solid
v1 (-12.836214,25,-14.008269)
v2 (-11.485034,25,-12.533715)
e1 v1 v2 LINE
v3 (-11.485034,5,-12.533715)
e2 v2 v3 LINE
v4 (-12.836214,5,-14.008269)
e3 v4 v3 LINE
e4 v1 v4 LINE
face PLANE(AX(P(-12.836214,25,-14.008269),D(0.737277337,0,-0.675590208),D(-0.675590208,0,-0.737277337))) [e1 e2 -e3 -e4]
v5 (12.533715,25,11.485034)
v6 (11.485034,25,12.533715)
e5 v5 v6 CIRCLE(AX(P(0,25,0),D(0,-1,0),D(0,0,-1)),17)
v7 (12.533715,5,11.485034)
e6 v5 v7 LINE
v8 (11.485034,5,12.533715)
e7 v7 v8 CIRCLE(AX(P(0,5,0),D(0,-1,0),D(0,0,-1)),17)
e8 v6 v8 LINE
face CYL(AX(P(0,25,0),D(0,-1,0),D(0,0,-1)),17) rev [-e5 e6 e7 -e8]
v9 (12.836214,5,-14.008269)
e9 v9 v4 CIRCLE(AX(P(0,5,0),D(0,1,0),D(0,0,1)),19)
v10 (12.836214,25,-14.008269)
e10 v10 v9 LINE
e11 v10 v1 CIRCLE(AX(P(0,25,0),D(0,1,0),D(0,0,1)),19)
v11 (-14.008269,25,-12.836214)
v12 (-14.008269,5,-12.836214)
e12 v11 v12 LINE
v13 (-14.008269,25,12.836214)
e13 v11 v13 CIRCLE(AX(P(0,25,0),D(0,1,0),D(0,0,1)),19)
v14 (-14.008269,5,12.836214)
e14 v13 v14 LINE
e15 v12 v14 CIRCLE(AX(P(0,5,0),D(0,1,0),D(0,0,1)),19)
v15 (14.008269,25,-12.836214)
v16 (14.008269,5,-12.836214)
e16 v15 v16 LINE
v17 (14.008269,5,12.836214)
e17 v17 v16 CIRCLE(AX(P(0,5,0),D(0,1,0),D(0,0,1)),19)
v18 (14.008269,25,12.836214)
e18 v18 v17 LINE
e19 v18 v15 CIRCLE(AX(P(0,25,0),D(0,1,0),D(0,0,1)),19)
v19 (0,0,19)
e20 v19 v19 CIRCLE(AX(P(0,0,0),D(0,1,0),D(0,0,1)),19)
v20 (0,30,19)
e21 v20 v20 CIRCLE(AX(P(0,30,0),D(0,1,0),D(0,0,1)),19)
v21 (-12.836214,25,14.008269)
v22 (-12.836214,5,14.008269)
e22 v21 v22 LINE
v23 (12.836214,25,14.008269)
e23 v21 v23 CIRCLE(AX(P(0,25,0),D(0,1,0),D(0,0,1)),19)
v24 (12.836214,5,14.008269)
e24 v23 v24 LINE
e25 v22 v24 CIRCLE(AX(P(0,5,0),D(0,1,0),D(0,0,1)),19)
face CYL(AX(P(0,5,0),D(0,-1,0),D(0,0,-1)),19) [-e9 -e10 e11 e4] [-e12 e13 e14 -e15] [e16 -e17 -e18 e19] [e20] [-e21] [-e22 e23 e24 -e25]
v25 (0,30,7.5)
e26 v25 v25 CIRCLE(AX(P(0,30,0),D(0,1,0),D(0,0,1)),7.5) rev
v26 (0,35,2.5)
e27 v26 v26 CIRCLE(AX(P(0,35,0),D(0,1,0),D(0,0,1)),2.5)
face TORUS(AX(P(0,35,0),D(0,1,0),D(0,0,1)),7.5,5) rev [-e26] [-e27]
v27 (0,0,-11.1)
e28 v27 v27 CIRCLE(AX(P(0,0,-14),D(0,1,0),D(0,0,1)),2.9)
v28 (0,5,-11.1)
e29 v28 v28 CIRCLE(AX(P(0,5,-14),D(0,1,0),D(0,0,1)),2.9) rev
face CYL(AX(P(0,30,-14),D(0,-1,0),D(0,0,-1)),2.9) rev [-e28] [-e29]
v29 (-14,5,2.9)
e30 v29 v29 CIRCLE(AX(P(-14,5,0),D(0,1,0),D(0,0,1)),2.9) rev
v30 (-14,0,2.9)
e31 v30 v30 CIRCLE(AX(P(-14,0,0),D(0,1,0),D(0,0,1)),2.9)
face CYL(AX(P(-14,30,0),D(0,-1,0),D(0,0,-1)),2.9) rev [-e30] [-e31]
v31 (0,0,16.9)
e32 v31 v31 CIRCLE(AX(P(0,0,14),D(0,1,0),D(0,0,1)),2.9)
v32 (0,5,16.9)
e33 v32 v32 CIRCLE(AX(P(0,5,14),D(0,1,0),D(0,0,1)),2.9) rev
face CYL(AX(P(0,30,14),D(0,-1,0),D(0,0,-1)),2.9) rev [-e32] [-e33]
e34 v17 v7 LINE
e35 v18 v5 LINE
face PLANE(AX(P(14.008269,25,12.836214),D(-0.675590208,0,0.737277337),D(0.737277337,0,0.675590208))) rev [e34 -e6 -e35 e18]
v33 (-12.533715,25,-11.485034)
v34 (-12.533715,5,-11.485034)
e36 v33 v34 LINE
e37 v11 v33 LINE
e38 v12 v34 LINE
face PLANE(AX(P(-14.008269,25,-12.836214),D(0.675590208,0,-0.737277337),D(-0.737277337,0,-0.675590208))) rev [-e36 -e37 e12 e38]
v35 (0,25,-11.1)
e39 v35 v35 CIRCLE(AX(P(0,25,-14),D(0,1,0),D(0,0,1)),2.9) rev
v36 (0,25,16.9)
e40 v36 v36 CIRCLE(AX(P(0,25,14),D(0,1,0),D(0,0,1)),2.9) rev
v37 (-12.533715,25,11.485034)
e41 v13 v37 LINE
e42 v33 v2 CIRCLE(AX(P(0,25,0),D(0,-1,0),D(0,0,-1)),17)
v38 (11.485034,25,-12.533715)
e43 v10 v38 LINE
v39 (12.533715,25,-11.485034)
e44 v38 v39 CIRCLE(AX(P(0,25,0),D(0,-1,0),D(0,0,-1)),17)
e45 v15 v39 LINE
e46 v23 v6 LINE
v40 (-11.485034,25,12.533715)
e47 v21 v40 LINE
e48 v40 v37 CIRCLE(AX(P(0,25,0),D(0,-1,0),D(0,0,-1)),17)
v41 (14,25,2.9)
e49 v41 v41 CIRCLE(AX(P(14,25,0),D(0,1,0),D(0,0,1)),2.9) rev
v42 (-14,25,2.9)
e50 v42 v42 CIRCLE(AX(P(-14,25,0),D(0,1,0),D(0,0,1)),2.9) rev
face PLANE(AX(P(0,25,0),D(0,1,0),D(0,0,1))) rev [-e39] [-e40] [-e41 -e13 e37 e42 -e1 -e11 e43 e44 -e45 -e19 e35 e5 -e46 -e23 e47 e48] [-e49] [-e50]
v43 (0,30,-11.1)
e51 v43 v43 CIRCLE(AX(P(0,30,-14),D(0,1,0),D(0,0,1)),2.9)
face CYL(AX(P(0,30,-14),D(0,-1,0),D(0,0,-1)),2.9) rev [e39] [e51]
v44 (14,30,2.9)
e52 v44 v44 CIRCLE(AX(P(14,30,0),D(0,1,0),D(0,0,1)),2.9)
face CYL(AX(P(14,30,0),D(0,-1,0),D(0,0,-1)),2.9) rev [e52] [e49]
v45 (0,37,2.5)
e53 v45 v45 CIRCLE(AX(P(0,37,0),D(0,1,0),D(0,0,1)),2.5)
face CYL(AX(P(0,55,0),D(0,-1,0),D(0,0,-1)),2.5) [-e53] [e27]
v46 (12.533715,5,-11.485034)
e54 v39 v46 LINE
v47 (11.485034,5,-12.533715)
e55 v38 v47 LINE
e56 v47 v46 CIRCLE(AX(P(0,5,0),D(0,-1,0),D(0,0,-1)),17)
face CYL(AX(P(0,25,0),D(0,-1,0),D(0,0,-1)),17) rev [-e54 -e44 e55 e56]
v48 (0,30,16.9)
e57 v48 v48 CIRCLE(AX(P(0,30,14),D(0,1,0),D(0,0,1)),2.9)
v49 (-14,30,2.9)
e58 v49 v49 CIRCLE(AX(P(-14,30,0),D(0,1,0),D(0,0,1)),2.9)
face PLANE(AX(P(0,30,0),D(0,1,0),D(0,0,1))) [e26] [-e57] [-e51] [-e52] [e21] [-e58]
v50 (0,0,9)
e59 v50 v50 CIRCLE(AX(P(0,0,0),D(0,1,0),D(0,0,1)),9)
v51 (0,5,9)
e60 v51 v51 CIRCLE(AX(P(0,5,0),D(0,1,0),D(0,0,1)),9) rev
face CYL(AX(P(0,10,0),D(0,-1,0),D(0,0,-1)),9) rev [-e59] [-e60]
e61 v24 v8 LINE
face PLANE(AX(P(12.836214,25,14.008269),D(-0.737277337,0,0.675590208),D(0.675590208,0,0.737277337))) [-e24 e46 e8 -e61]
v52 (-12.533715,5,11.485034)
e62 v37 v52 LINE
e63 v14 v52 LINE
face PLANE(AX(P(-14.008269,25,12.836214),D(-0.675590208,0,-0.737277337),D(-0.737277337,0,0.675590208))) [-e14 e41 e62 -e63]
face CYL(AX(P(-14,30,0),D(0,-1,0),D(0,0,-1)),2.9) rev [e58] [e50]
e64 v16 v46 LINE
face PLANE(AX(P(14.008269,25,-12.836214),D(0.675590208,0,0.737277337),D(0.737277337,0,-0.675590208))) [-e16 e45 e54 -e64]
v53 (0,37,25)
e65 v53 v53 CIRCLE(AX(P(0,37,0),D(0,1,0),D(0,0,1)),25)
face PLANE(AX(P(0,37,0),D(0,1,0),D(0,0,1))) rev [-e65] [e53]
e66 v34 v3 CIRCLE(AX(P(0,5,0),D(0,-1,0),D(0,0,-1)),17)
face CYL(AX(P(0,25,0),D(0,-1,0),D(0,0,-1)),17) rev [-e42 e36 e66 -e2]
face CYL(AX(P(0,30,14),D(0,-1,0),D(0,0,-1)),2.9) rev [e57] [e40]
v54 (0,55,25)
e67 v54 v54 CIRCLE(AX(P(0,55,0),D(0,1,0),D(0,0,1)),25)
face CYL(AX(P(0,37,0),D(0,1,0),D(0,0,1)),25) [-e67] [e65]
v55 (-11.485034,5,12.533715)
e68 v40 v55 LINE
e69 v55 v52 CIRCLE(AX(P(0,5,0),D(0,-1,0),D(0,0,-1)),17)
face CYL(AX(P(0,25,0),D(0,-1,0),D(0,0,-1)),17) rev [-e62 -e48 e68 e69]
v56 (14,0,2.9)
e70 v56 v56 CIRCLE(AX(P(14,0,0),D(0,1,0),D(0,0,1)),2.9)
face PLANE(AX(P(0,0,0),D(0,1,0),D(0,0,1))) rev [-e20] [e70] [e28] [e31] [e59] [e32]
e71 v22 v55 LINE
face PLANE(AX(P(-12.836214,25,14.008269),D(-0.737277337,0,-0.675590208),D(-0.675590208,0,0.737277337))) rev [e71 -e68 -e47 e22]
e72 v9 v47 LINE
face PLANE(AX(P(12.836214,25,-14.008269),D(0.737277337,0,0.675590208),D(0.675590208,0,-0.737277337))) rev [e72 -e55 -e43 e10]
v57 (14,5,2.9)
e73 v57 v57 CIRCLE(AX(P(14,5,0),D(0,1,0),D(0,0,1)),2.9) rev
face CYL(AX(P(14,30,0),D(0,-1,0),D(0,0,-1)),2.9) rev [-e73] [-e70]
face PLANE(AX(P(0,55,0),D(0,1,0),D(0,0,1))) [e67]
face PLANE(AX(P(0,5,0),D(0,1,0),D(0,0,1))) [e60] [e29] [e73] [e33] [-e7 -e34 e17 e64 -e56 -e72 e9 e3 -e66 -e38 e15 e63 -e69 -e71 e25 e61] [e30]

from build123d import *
from build123d.topology import SkipClean

# Parameters (mm, degrees)
SKETCH1_R               = 19
BOSS_EXTRUDE1_DEPTH     = 5
BOSS_EXTRUDE4_DEPTH     = 20
SKETCH5_R               = 19
BOSS_EXTRUDE5_DEPTH     = 5
CUT_EXTRUDE1_DEPTH      = 37.701498607
CUT_EXTRUDE1_DEPTH_BACK = 5
SKETCH2_7_R             = 2.9
SKETCH1_3_R             = 9
CUT_EXTRUDE2_DEPTH      = 10
SKETCH6_R               = 2.5
BOSS_EXTRUDE7_DEPTH     = 25
FILLET1_R               = 5
SKETCH8_R               = 25
BOSS_EXTRUDE8_DEPTH     = 18


with BuildPart() as part:
    # Sketch1 → Boss-Extrude1 (new body)
    with BuildSketch(Plane(origin=(0, 0, 0), x_dir=(1, 0, 0), z_dir=(0, 1, 0))):
        Circle(SKETCH1_R)
    extrude(amount=BOSS_EXTRUDE1_DEPTH)

    # Sketch2 → Boss-Extrude4 (add)
    with SkipClean():  # the faces are left unmerged after this step: merging them gives an invalid solid
        with BuildSketch(Plane(origin=(0, 5, 0), x_dir=(1, 0, 0), z_dir=(0, 1, 0))):
            with BuildLine():
                Line((-14.008269399, 12.836213945), (-12.533714726, 11.485033529))
                ThreePointArc((-12.533714726, 11.485033529), (-12.02081528, 12.02081528), (-11.485033529, 12.533714726))
                Line((-11.485033529, 12.533714726), (-12.836213945, 14.008269399))
                ThreePointArc((-12.836213945, 14.008269399), (-13.435028843, 13.435028843), (-14.008269399, 12.836213945))
            make_face()
            with BuildLine():
                Line((14.008269399, 12.836213945), (12.533714726, 11.485033529))
                ThreePointArc((12.533714726, 11.485033529), (12.02081528, 12.02081528), (11.485033529, 12.533714726))
                Line((11.485033529, 12.533714726), (12.836213945, 14.008269399))
                ThreePointArc((12.836213945, 14.008269399), (13.435028843, 13.435028843), (14.008269399, 12.836213945))
            make_face()
            with BuildLine():
                Line((12.836213945, -14.008269399), (11.485033529, -12.533714726))
                ThreePointArc((11.485033529, -12.533714726), (12.02081528, -12.02081528), (12.533714726, -11.485033529))
                Line((12.533714726, -11.485033529), (14.008269399, -12.836213945))
                ThreePointArc((14.008269399, -12.836213945), (13.435028843, -13.435028843), (12.836213945, -14.008269399))
            make_face()
            with BuildLine():
                Line((-14.008269399, -12.836213945), (-12.533714726, -11.485033529))
                ThreePointArc((-12.533714726, -11.485033529), (-12.02081528, -12.02081528), (-11.485033529, -12.533714726))
                Line((-11.485033529, -12.533714726), (-12.836213945, -14.008269399))
                ThreePointArc((-12.836213945, -14.008269399), (-13.435028843, -13.435028843), (-14.008269399, -12.836213945))
            make_face()
        extrude(amount=BOSS_EXTRUDE4_DEPTH)

    # Sketch5 → Boss-Extrude5 (add)
    with SkipClean():  # the faces are left unmerged after this step: merging them gives an invalid solid
        with BuildSketch(Plane(origin=(0, 25, 0), x_dir=(1, 0, 0), z_dir=(0, 1, 0))):
            Circle(SKETCH5_R)
        extrude(amount=BOSS_EXTRUDE5_DEPTH)

    # Sketch2<7> → Cut-Extrude1 (cut, two sides: drawn at the far end of the back side and taken through both)
    with SkipClean():  # the faces are left unmerged after this step: merging them gives an invalid solid
        with BuildSketch(Plane(origin=(0, 5, 0), x_dir=(1, 0, 0), z_dir=(0, 1, 0)).offset(-CUT_EXTRUDE1_DEPTH_BACK)):
            with Locations((0, 14)):
                Circle(SKETCH2_7_R)
            with Locations((14, 0)):
                Circle(SKETCH2_7_R)
            with Locations((0, -14)):
                Circle(SKETCH2_7_R)
            with Locations((-14, 0)):
                Circle(SKETCH2_7_R)
        extrude(amount=CUT_EXTRUDE1_DEPTH + CUT_EXTRUDE1_DEPTH_BACK, mode=Mode.SUBTRACT)

    # Sketch1<3> → Cut-Extrude2 (cut)
    with SkipClean():  # the faces are left unmerged after this step: merging them gives an invalid solid
        with BuildSketch(Plane(origin=(0, 0, 0), x_dir=(1, 0, 0), z_dir=(0, 1, 0))):
            Circle(SKETCH1_3_R)
        extrude(amount=CUT_EXTRUDE2_DEPTH, mode=Mode.SUBTRACT)

    # Sketch6 → Boss-Extrude7 (add)
    with SkipClean():  # the faces are left unmerged after this step: merging them gives an invalid solid
        with BuildSketch(Plane(origin=(0, 30, 0), x_dir=(1, 0, 0), z_dir=(0, 1, 0))):
            Circle(SKETCH6_R)
        extrude(amount=BOSS_EXTRUDE7_DEPTH)

    # Fillet1
    fillet1_edges = [part.edges().sort_by_distance(p)[0] for p in [
        (-2.5, 30, 0),
    ]]
    fillet(fillet1_edges, radius=FILLET1_R)

    # Sketch8 → Boss-Extrude8 (add)
    with SkipClean():  # the faces are left unmerged after this step: merging them gives an invalid solid
        with BuildSketch(Plane(origin=(0, 55, 0), x_dir=(1, 0, 0), z_dir=(0, 1, 0))):
            Circle(SKETCH8_R)
        extrude(amount=-BOSS_EXTRUDE8_DEPTH)


solid = part.part
